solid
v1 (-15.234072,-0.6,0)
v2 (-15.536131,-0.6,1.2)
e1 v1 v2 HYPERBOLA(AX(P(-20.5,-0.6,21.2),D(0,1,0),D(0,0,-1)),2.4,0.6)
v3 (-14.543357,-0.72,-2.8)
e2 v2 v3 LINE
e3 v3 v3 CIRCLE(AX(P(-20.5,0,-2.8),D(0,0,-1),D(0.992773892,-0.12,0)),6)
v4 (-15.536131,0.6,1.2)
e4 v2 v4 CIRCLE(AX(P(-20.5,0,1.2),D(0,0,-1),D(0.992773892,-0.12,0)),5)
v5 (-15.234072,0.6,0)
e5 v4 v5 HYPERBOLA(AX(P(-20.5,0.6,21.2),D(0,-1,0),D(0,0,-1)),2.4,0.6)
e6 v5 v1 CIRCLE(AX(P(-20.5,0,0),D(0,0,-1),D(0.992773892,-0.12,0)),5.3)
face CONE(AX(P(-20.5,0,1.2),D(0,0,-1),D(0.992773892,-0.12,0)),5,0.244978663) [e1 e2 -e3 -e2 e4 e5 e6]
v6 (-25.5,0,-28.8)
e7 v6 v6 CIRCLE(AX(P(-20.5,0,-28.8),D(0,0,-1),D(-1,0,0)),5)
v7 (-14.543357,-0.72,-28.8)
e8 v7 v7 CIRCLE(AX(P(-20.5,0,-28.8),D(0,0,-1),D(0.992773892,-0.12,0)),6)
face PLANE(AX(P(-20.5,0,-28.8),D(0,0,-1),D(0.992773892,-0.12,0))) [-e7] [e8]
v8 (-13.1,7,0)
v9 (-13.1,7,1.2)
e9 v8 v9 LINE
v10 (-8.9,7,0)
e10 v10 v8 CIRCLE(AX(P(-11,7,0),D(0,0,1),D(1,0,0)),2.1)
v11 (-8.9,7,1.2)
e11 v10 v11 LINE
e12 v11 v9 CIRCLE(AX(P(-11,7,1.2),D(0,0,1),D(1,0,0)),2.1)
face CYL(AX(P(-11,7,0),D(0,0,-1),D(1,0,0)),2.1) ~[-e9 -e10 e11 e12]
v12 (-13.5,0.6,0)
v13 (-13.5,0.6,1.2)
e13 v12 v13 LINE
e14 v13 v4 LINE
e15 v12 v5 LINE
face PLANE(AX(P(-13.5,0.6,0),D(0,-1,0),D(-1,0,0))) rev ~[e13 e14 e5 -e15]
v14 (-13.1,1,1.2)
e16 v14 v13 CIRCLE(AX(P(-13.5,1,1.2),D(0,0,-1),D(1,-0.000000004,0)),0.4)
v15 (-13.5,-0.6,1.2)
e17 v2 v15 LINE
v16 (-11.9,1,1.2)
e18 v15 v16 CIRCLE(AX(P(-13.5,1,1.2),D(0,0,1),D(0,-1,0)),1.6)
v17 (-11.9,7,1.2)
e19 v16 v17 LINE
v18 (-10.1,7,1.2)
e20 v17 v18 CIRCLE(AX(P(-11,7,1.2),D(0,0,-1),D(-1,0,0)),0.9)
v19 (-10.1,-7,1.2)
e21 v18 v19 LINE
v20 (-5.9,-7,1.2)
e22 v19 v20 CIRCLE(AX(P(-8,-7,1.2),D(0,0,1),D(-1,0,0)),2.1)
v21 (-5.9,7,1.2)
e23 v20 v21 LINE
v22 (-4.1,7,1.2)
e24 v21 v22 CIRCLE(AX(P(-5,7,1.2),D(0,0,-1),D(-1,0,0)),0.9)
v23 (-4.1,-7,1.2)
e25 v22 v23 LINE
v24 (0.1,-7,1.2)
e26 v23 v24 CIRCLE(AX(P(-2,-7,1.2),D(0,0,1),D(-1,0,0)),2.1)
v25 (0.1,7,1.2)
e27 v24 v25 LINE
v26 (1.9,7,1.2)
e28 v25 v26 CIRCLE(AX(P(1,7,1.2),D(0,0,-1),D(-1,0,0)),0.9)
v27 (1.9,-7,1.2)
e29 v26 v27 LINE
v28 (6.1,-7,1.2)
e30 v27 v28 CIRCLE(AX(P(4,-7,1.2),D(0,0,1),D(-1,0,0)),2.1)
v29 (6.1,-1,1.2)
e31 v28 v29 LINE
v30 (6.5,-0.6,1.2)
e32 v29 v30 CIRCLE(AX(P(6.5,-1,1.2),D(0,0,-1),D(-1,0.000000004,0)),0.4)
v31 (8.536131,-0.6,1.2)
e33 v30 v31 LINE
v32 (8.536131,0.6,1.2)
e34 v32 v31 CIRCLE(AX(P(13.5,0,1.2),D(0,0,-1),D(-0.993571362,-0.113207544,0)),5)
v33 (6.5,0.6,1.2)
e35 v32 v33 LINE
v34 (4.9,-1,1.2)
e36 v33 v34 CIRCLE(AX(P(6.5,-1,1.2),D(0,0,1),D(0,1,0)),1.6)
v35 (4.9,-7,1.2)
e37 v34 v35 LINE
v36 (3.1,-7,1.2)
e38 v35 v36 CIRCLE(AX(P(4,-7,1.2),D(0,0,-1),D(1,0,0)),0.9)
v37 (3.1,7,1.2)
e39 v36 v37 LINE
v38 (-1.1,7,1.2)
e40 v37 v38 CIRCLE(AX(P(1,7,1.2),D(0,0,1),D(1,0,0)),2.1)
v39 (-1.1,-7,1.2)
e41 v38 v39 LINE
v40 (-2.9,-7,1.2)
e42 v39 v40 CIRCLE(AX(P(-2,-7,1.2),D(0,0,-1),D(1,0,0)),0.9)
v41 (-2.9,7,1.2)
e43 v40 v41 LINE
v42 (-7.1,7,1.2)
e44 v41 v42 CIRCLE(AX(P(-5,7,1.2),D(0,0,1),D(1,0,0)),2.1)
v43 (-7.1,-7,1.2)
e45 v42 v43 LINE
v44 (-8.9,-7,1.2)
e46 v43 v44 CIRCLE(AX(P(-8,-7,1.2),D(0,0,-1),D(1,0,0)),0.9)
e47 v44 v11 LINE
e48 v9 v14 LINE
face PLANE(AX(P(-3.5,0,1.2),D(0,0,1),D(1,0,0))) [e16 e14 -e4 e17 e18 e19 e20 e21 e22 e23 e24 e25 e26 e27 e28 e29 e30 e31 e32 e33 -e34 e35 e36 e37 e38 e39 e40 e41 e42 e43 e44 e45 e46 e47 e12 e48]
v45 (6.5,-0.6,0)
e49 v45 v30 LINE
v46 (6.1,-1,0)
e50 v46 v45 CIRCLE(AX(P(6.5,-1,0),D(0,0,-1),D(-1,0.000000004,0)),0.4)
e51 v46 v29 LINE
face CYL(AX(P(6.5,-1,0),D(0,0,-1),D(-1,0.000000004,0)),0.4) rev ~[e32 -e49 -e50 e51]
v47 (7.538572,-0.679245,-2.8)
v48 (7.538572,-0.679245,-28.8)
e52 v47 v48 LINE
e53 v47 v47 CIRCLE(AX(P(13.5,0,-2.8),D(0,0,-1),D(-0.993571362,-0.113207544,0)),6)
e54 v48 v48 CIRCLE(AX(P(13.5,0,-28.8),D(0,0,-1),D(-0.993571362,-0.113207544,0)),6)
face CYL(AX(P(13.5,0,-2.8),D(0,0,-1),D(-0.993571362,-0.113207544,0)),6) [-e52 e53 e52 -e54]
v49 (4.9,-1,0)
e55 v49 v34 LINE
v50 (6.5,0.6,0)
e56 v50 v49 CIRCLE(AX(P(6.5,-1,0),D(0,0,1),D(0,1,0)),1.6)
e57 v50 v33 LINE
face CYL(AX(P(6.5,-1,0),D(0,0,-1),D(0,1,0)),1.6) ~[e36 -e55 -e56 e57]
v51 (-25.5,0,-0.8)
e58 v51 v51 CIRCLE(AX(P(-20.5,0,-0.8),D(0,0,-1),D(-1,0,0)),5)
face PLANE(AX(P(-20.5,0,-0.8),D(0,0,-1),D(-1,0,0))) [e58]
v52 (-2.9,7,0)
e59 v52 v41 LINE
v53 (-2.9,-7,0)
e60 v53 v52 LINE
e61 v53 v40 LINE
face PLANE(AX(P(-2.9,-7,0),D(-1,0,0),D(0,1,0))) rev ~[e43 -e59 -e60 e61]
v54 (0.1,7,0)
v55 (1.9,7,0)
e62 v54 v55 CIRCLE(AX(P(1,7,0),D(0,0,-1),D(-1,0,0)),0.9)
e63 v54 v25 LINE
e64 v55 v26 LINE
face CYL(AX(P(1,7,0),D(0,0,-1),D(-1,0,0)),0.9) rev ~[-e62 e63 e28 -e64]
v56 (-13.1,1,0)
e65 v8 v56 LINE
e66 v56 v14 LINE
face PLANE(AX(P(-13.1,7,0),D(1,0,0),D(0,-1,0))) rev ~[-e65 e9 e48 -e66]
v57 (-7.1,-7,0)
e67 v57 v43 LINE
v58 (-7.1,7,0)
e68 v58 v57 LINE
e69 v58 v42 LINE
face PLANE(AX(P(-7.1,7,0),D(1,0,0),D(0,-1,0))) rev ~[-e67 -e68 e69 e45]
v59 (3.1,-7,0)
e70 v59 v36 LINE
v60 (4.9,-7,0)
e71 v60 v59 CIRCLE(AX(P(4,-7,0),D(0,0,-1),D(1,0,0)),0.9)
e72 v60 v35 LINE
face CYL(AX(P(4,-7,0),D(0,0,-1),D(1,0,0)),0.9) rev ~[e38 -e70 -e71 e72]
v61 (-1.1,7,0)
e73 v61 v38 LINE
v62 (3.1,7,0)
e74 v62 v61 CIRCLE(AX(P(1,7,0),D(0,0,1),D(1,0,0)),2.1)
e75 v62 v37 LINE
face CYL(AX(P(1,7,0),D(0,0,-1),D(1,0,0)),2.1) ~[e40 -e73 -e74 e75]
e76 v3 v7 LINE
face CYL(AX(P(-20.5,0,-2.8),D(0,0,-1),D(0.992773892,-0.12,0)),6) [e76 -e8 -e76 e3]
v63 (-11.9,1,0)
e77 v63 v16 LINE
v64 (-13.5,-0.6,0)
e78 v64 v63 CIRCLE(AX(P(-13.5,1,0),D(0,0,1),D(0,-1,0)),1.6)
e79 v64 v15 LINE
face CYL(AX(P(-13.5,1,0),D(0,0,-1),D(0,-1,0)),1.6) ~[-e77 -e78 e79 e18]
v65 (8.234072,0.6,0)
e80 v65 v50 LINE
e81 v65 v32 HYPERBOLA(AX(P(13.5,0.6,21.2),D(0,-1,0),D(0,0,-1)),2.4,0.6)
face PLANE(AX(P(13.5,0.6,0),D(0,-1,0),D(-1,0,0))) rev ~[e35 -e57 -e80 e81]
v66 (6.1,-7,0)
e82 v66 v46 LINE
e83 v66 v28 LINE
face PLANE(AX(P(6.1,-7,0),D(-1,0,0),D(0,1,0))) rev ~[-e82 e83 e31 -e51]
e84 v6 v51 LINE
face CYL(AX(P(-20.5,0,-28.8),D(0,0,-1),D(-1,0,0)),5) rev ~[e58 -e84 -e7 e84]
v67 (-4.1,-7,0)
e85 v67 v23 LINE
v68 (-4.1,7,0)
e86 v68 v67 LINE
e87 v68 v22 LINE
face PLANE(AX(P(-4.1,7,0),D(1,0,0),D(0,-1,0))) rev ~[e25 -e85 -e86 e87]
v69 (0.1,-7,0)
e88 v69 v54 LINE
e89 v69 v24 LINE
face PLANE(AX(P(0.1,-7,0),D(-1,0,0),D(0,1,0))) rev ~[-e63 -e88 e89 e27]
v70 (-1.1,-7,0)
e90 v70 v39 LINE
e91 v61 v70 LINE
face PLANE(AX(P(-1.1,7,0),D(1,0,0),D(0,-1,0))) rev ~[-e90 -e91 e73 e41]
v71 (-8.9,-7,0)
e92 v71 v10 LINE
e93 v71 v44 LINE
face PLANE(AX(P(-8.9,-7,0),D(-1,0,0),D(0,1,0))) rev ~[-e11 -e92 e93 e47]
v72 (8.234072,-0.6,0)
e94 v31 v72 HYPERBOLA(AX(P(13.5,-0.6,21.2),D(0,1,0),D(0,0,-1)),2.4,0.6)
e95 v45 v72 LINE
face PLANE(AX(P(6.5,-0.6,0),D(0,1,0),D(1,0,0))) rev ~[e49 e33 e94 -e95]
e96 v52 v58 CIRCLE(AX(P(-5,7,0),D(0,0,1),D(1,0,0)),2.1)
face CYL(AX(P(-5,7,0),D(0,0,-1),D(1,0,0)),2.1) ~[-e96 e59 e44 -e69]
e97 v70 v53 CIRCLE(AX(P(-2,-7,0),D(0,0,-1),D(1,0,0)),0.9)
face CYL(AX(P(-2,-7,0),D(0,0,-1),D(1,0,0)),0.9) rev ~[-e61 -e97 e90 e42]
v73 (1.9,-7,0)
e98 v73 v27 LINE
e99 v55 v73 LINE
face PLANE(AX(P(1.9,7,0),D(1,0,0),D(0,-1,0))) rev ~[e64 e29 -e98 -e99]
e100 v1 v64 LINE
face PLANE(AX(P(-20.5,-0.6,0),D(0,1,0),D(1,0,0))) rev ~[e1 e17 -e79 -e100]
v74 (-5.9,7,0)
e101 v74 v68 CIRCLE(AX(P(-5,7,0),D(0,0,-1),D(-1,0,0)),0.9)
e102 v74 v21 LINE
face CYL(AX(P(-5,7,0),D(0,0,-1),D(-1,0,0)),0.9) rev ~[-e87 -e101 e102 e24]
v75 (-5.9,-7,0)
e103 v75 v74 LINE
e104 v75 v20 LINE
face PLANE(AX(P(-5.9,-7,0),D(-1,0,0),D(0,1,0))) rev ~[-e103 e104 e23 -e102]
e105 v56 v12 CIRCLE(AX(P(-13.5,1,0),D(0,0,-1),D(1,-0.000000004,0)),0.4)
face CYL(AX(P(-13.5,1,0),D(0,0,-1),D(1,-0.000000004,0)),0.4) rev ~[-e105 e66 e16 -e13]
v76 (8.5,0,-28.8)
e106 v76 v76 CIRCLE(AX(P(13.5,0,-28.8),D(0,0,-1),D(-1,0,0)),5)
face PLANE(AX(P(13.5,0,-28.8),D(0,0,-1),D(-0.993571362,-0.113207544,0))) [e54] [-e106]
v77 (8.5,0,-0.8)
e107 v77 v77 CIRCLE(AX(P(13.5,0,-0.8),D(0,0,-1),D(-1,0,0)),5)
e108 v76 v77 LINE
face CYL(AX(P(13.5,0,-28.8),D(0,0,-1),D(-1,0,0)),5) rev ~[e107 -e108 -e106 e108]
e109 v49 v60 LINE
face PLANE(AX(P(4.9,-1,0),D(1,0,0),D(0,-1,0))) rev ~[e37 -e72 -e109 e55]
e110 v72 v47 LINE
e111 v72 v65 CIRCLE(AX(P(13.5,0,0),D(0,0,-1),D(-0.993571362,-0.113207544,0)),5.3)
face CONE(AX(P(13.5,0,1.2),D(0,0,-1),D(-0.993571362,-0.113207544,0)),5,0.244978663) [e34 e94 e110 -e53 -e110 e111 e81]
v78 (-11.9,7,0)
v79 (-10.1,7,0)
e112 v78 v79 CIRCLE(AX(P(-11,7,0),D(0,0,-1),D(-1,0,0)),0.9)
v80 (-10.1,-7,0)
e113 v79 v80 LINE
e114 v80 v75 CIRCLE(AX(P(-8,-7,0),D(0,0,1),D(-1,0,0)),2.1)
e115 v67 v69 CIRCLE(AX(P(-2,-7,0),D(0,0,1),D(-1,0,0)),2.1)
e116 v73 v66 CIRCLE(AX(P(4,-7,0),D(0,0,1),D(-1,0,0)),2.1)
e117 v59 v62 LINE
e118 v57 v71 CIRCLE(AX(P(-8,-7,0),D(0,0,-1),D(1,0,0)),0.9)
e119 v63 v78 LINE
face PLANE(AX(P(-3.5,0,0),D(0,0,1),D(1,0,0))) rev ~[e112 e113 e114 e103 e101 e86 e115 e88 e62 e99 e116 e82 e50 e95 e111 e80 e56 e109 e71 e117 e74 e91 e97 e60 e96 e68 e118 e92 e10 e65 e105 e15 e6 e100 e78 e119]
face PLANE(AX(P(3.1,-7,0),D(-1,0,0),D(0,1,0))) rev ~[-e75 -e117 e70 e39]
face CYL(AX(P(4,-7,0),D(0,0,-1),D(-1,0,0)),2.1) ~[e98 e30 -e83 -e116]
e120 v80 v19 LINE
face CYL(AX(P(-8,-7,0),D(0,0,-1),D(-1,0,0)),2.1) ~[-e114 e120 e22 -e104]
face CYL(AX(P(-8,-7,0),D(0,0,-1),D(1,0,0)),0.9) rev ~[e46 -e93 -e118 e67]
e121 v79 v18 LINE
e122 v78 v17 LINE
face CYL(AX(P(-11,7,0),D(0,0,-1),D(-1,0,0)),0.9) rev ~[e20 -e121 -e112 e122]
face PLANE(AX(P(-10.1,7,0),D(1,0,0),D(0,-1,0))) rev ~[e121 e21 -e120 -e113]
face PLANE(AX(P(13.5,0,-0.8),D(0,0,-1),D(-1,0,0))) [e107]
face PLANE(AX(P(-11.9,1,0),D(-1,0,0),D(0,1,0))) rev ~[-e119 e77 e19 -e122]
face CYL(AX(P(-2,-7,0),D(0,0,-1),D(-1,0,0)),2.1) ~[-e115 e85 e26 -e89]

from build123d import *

# Parameters (mm, degrees)
BOSS_EXTRUDE1_DEPTH = 1.2
SKETCH5_R           = 5
CUT_EXTRUDE1_DEPTH  = 28


with BuildPart() as part:
    # Sketch2 → Boss-Extrude1 (new body)
    with BuildSketch(Plane.XY):
        with BuildLine():
            Line((-20.5, -0.6), (-13.5, -0.6))
            ThreePointArc((-13.5, -0.6), (-12.36862915, -0.13137085), (-11.9, 1))
            Line((-11.9, 1), (-11.9, 7))
            ThreePointArc((-11.9, 7), (-11, 7.9), (-10.1, 7))
            Line((-10.1, 7), (-10.1, 0))
            Line((-10.1, 0), (-10.1, -7))
            ThreePointArc((-10.1, -7), (-8, -9.1), (-5.9, -7))
            Line((-5.9, -7), (-5.9, 0))
            Line((-5.9, 0), (-5.9, 7))
            ThreePointArc((-5.9, 7), (-5, 7.9), (-4.1, 7))
            Line((-4.1, 7), (-4.1, 0))
            Line((-4.1, 0), (-4.1, -7))
            ThreePointArc((-4.1, -7), (-2, -9.1), (0.1, -7))
            Line((0.1, -7), (0.1, 0))
            Line((0.1, 0), (0.1, 7))
            ThreePointArc((0.1, 7), (1, 7.9), (1.9, 7))
            Line((1.9, 7), (1.9, 0))
            Line((1.9, 0), (1.9, -7))
            ThreePointArc((1.9, -7), (4, -9.1), (6.1, -7))
            Line((6.1, -7), (6.1, -1))
            ThreePointArc((6.1, -1), (6.217157288, -0.717157288), (6.5, -0.6))
            Line((6.5, -0.6), (13.5, -0.6))
            ThreePointArc((13.5, -0.6), (14.1, 0), (13.5, 0.6))
            Line((13.5, 0.6), (6.5, 0.6))
            ThreePointArc((6.5, 0.6), (5.36862915, 0.13137085), (4.9, -1))
            Line((4.9, -1), (4.9, -7))
            ThreePointArc((4.9, -7), (4, -7.9), (3.1, -7))
            Line((3.1, -7), (3.1, 0))
            Line((3.1, 0), (3.1, 7))
            ThreePointArc((3.1, 7), (1, 9.1), (-1.1, 7))
            Line((-1.1, 7), (-1.1, 0))
            Line((-1.1, 0), (-1.1, -7))
            ThreePointArc((-1.1, -7), (-2, -7.9), (-2.9, -7))
            Line((-2.9, -7), (-2.9, 0))
            Line((-2.9, 0), (-2.9, 7))
            ThreePointArc((-2.9, 7), (-5, 9.1), (-7.1, 7))
            Line((-7.1, 7), (-7.1, 0))
            Line((-7.1, 0), (-7.1, -7))
            ThreePointArc((-7.1, -7), (-8, -7.9), (-8.9, -7))
            Line((-8.9, -7), (-8.9, 0))
            Line((-8.9, 0), (-8.9, 7))
            ThreePointArc((-8.9, 7), (-11, 9.1), (-13.1, 7))
            Line((-13.1, 7), (-13.1, 1))
            ThreePointArc((-13.1, 1), (-13.217157288, 0.717157288), (-13.5, 0.6))
            Line((-13.5, 0.6), (-20.5, 0.6))
            ThreePointArc((-20.5, 0.6), (-21.1, 0), (-20.5, -0.6))
        make_face()
    extrude(amount=BOSS_EXTRUDE1_DEPTH)

    # Sketch3 → Revolve1 (revolve)
    with BuildSketch(Plane(origin=(0, 0, 0), x_dir=(1, 0, 0), z_dir=(0, 1, 0)), mode=Mode.PRIVATE) as revolve1_sk:
        Polygon((-20.5, -1.2), (-25.5, -1.2), (-26.5, 2.8), (-26.5, 28.8), (-20.5, 28.8), align=None)
    revolve(revolve1_sk.sketch.rotate(Axis((-20.5, 0, 1.2), (0, 0, -1)), 186.892102606), axis=Axis((-20.5, 0, 1.2), (0, 0, -1)))

    # Sketch4 → Revolve2 (revolve)
    with BuildSketch(Plane(origin=(0, 0, 0), x_dir=(1, 0, 0), z_dir=(0, 1, 0)), mode=Mode.PRIVATE) as revolve2_sk:
        Polygon((13.5, -1.2), (18.5, -1.2), (19.5, 2.8), (19.5, 28.8), (13.5, 28.8), align=None)
    revolve(revolve2_sk.sketch.rotate(Axis((13.5, 0, 1.2), (0, 0, -1)), 173.499750263), axis=Axis((13.5, 0, 1.2), (0, 0, -1)))

    # Sketch5 → Cut-Extrude1 (cut)
    with BuildSketch(Plane(origin=(0, 0, -28.8), x_dir=(-1, 0, 0), z_dir=(0, 0, -1))):
        with Locations((20.5, 0)):
            Circle(SKETCH5_R)
        with Locations((-13.5, 0)):
            Circle(SKETCH5_R)
    extrude(amount=-CUT_EXTRUDE1_DEPTH, mode=Mode.SUBTRACT)


solid = part.part
